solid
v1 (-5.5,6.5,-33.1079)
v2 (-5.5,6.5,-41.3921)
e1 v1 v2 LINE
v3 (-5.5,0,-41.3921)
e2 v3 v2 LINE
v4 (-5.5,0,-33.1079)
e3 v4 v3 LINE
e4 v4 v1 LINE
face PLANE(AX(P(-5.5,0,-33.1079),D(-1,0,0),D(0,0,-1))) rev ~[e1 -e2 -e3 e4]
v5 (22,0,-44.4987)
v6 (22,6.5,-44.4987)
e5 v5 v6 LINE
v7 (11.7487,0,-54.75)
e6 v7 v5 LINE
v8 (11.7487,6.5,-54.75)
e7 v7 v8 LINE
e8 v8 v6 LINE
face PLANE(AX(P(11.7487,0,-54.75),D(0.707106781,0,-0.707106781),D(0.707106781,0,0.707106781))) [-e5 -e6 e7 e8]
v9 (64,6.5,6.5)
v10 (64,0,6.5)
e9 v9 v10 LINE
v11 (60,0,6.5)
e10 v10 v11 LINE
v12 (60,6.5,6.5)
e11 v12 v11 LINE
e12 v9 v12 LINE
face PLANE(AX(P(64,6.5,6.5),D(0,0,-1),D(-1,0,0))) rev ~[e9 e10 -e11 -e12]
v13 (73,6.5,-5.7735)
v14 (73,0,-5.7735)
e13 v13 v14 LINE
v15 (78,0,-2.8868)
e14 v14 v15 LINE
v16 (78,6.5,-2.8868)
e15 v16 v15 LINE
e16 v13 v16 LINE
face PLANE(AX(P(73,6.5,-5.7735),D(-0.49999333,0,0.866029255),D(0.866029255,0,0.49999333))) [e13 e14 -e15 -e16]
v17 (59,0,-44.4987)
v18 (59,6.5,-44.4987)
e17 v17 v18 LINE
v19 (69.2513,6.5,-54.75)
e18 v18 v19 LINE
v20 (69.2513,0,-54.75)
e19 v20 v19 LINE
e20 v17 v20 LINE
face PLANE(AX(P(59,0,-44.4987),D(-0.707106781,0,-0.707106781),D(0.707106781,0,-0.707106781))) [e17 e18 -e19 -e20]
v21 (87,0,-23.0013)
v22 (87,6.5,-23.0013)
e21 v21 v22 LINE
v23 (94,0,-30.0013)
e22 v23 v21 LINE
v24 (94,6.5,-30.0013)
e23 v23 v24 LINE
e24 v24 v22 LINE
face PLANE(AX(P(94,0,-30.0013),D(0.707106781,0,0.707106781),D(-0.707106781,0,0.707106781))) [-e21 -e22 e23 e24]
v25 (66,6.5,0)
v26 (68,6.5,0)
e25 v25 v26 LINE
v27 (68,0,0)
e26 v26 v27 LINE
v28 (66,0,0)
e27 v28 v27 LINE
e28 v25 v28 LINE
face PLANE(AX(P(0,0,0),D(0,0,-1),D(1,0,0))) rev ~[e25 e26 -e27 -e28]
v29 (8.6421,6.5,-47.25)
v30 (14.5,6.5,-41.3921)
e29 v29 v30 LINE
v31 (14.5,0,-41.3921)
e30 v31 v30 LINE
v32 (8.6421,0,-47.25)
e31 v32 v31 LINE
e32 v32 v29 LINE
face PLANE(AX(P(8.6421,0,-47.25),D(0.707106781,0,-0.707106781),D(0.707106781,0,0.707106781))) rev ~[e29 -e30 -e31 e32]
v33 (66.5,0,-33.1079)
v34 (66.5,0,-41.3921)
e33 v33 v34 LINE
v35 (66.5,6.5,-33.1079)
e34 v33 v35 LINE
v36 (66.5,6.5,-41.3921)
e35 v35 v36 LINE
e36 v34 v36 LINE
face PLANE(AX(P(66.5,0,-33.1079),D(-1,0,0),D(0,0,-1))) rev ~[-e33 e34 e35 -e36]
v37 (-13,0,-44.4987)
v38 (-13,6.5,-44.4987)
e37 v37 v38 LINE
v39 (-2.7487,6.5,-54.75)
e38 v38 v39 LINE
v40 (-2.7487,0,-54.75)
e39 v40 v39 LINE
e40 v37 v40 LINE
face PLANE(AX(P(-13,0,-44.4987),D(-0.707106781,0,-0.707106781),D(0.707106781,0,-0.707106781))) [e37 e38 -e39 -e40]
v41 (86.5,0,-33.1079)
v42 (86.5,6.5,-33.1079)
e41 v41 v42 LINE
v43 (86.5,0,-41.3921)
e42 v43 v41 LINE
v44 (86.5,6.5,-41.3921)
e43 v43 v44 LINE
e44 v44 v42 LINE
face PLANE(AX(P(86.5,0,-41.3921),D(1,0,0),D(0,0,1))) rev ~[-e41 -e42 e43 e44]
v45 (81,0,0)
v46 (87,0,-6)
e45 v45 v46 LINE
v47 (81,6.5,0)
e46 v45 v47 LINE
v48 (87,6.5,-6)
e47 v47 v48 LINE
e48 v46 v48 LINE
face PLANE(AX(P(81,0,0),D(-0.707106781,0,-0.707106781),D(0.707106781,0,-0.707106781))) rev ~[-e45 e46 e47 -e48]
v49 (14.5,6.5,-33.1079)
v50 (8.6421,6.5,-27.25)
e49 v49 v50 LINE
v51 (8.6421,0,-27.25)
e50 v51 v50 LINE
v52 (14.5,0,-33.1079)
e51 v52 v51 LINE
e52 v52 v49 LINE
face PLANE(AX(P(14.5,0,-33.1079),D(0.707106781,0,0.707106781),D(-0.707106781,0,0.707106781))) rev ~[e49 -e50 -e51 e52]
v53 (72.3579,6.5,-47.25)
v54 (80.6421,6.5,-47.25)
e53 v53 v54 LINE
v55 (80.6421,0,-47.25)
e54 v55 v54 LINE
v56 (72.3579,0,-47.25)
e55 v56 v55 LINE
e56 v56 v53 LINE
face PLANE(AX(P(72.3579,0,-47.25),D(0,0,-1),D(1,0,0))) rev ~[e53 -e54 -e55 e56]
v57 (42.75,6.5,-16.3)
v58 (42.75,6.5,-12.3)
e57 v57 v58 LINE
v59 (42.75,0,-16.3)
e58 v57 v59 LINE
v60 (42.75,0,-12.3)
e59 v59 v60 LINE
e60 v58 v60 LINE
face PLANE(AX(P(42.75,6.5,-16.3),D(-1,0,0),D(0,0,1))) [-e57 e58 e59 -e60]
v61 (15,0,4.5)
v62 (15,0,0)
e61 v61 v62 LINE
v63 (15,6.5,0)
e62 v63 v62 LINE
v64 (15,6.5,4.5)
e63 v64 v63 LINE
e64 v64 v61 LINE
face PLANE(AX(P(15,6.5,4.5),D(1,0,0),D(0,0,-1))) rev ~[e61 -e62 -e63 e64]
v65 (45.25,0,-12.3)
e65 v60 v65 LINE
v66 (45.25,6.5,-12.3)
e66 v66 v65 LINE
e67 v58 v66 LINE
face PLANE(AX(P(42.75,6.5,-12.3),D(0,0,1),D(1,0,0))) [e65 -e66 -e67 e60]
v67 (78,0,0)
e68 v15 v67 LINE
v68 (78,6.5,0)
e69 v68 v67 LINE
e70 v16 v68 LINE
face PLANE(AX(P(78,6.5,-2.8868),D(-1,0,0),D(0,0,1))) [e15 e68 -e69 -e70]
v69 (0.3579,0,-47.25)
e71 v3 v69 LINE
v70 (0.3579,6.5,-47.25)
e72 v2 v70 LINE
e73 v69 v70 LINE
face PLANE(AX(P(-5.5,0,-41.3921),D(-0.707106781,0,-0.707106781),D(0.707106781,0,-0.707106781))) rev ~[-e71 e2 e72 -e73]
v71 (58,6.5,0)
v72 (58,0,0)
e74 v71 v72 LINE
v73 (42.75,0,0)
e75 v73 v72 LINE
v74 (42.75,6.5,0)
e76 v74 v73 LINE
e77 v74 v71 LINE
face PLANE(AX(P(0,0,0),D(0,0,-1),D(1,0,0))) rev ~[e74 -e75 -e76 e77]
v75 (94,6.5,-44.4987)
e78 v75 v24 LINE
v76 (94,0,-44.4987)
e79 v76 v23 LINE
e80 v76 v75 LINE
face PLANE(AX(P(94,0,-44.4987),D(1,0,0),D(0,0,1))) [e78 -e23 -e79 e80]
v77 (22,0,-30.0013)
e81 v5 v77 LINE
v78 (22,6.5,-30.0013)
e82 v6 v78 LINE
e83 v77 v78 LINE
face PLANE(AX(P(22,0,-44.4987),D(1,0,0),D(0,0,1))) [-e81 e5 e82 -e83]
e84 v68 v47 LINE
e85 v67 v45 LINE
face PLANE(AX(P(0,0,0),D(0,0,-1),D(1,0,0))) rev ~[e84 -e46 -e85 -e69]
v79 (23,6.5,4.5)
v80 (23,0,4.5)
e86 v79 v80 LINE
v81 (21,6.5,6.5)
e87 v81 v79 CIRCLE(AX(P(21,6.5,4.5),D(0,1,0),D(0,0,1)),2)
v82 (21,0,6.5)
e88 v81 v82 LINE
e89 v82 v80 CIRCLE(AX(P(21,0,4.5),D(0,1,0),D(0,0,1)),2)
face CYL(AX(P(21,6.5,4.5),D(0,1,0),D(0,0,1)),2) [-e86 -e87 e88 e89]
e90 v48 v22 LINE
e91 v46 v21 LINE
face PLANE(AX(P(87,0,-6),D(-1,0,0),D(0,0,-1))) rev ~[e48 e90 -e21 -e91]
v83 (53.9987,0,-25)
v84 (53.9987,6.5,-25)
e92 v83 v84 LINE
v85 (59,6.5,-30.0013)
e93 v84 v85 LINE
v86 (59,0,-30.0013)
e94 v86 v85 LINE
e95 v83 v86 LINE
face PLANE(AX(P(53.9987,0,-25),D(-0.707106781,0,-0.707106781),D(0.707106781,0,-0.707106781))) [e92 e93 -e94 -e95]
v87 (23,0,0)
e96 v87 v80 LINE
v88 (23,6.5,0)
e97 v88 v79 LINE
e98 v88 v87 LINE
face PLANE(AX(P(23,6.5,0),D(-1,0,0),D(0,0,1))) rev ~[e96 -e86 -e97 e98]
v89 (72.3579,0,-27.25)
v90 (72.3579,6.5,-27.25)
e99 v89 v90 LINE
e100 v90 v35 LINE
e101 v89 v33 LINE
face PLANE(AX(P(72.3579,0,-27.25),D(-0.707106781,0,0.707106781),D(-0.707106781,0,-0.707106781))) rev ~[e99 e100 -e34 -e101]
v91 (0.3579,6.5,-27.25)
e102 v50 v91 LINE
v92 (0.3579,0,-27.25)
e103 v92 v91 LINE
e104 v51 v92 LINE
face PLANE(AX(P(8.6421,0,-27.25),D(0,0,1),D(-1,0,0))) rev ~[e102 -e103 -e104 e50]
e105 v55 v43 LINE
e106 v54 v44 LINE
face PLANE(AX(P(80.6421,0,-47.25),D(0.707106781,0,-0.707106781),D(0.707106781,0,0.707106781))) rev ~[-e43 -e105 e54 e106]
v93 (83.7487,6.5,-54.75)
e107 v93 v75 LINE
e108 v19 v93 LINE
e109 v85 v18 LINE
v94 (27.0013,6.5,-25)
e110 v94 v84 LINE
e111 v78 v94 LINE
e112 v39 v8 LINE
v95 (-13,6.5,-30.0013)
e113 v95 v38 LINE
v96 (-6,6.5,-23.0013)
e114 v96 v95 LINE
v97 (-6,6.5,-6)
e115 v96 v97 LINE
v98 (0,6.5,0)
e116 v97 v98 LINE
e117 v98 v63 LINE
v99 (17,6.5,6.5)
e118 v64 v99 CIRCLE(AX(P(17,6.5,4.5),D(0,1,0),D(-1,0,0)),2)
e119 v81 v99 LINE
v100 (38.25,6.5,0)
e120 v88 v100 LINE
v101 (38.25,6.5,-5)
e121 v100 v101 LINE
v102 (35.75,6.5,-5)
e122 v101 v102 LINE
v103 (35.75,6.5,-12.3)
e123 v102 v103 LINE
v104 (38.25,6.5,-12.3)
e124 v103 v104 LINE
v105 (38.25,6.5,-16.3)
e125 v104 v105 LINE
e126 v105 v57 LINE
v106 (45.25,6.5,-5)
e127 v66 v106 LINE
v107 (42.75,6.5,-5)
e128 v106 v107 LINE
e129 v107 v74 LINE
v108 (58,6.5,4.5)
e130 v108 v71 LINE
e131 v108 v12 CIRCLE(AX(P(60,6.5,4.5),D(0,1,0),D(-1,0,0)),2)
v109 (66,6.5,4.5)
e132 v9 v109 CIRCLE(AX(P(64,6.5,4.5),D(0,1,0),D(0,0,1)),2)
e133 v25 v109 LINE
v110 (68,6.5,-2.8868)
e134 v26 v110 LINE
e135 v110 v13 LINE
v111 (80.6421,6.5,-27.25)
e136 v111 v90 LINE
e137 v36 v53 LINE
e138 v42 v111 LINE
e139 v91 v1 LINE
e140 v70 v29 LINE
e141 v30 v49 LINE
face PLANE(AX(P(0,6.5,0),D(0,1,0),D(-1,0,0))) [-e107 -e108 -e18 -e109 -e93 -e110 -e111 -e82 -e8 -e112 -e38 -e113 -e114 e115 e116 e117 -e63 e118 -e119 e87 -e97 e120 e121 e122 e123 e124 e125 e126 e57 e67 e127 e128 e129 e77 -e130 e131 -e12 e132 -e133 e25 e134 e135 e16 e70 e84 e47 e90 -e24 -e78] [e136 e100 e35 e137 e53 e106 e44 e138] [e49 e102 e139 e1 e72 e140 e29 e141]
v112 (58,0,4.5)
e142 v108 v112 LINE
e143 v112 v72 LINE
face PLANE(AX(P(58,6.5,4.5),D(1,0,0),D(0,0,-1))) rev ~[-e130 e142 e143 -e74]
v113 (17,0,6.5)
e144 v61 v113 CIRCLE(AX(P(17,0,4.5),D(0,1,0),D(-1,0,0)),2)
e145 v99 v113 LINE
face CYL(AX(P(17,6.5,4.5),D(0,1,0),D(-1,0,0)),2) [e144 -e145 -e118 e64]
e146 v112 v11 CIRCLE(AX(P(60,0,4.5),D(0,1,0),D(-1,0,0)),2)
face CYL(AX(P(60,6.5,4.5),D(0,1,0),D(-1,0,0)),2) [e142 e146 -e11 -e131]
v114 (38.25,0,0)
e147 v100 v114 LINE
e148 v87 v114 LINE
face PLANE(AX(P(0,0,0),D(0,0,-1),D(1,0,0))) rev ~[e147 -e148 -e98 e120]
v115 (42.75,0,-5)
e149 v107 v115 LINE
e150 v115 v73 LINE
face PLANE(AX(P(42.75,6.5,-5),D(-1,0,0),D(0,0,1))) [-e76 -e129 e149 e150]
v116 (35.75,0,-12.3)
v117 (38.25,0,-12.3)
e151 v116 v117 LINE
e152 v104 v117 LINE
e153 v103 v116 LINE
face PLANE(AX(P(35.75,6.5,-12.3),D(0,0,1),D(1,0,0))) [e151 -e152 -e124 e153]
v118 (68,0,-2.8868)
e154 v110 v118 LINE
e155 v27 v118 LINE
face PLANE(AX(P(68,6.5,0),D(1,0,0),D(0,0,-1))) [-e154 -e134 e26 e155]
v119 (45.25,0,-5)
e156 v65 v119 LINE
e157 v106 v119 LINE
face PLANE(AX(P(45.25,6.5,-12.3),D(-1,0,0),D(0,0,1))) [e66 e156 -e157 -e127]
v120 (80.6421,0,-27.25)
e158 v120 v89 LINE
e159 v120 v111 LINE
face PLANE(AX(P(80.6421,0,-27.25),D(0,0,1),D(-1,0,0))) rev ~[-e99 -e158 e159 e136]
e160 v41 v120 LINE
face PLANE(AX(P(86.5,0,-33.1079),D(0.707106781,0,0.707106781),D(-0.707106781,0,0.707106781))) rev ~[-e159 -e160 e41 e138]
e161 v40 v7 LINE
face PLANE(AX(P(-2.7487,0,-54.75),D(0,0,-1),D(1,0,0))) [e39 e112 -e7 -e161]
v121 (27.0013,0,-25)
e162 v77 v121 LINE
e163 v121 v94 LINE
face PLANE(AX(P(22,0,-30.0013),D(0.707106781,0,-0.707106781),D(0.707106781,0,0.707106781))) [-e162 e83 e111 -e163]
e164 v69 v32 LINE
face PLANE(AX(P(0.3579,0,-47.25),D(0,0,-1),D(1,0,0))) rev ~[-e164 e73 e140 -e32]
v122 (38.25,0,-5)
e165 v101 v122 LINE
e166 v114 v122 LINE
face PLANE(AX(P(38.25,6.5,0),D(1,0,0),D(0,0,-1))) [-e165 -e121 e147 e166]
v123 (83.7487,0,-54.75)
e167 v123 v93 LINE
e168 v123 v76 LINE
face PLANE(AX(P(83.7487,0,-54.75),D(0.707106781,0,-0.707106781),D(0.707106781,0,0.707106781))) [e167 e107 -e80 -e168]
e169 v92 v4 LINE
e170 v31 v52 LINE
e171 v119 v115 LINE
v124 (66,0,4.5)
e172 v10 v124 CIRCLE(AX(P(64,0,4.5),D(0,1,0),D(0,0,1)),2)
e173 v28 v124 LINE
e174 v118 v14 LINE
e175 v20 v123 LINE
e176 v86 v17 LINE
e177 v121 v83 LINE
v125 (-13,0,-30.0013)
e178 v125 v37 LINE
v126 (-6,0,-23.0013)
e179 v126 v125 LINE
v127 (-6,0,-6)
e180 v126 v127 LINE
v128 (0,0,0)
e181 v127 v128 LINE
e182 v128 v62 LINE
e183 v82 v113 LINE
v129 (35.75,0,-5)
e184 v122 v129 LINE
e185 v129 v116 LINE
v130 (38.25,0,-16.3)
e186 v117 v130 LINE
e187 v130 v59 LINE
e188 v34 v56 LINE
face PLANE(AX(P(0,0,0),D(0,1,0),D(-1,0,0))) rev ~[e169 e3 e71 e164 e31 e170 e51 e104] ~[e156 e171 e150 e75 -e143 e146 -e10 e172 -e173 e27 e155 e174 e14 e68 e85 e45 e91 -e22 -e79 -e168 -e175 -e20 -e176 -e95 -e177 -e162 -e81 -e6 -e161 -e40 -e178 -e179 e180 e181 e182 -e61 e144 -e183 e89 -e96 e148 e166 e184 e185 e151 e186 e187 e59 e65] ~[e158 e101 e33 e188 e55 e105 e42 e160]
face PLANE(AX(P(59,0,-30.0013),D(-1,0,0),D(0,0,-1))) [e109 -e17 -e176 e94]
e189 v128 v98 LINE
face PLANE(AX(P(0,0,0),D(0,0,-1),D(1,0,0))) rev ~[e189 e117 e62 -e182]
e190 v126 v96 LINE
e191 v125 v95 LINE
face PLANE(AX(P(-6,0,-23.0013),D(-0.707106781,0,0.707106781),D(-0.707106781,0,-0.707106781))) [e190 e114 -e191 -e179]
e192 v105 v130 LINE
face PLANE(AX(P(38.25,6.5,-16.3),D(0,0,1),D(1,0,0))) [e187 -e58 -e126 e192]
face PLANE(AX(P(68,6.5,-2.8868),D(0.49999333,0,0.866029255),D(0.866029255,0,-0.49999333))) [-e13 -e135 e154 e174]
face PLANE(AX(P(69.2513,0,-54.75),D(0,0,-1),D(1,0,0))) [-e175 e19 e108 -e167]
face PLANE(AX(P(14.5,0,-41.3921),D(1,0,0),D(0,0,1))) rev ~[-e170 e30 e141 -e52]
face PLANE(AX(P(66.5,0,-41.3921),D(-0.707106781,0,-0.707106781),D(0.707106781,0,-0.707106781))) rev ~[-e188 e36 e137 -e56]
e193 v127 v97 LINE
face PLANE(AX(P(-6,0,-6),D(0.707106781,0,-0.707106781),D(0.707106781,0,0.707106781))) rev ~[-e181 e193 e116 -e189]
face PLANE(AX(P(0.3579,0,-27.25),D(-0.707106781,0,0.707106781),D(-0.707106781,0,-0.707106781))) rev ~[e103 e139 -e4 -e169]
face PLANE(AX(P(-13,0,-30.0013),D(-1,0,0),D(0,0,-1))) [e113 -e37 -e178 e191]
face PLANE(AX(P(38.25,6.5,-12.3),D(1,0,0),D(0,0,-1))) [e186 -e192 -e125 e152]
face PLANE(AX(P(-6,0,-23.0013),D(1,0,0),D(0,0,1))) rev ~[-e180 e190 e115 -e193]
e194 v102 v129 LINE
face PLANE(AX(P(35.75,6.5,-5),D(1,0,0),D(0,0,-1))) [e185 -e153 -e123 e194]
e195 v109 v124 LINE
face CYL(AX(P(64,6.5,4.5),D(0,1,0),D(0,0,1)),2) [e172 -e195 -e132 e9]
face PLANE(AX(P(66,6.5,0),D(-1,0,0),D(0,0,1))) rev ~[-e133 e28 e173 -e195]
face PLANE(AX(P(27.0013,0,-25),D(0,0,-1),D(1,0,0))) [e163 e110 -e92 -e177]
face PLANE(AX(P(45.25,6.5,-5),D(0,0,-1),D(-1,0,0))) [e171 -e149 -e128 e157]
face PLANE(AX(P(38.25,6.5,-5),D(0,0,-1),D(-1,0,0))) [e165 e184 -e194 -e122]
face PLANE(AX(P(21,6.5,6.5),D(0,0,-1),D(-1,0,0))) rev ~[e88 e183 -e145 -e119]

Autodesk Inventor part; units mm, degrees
ref_plane "YZ Plane" through (0, 0, 0) normal (1, 0, 0) x (0, 1, 0)
ref_plane "XZ Plane" through (0, 0, 0) normal (0, 1, 0) x (-1, 0, 0)
ref_plane "XY Plane" through (0, 0, 0) normal (0, 0, 1) x (1, 0, 0)
sketch "Sketch1" plane through (0, 0, 0) normal (0, 1, 0) x (-1, 0, 0)
  line L0 (0, 0) -> (-81, 0)
  line L1 (6, -23.0013) -> (13, -30.0013)
  line L2 (13, -30.0013) -> (13, -44.4987)
  line L3 (13, -44.4987) -> (2.7487, -54.75)
  line L4 (2.7487, -54.75) -> (-11.7487, -54.75)
  line L5 (-11.7487, -54.75) -> (-22, -44.4987)
  line L6 (-22, -44.4987) -> (-22, -30.0013)
  line L7 (-59, -30.0013) -> (-59, -44.4987)
  line L8 (-59, -44.4987) -> (-69.2513, -54.75)
  line L9 (-69.2513, -54.75) -> (-83.7487, -54.75)
  line L10 (-83.7487, -54.75) -> (-94, -44.4987)
  line L11 (-94, -44.4987) -> (-94, -30.0013)
  line L12 (-94, -30.0013) -> (-87, -23.0013)
  line L13 (-4.5, -37.25) -> (-76.5, -37.25) construction
  line L14 (-8.6421, -27.25) -> (-0.3579, -27.25)
  line L15 (-0.3579, -27.25) -> (5.5, -33.1079)
  line L16 (5.5, -33.1079) -> (5.5, -41.3921)
  line L17 (5.5, -41.3921) -> (-0.3579, -47.25)
  line L18 (-0.3579, -47.25) -> (-8.6421, -47.25)
  line L19 (-8.6421, -47.25) -> (-14.5, -41.3921)
  line L20 (-14.5, -41.3921) -> (-14.5, -33.1079)
  line L21 (-14.5, -33.1079) -> (-8.6421, -27.25)
  line L22 (-80.6421, -27.25) -> (-72.3579, -27.25)
  line L23 (-72.3579, -27.25) -> (-66.5, -33.1079)
  line L24 (-66.5, -33.1079) -> (-66.5, -41.3921)
  line L25 (-66.5, -41.3921) -> (-72.3579, -47.25)
  line L26 (-72.3579, -47.25) -> (-80.6421, -47.25)
  line L27 (-80.6421, -47.25) -> (-86.5, -41.3921)
  line L28 (-86.5, -41.3921) -> (-86.5, -33.1079)
  line L29 (-86.5, -33.1079) -> (-80.6421, -27.25)
  line L30 (6, -23.0013) -> (6, -6)
  line L31 (6, -6) -> (0, 0)
  line L32 (-81, 0) -> (-87, -6)
  line L33 (-87, -6) -> (-87, -23.0013)
  line L34 (-22, -30.0013) -> (-27.0013, -25)
  line L35 (-27.0013, -25) -> (-53.9987, -25)
  line L36 (-53.9987, -25) -> (-59, -30.0013)
  point P0 (-40.5, -37.25)
  point P1 (-40.5, 0)
  dimension "d0" = 81
  dimension "d1" = 37.25
  dimension "d2" = 72
  dimension "d3" = 20
  dimension "d4" = 20
  dimension "d5" = 45
  dimension "d6" = 6
  dimension "d7" = 35
  dimension "d8" = 35
  dimension "d17" = 7
  dimension "d20" = 45
  dimension "d21" = 25
extrude "Extrusion1" add sketch "Sketch1" along normal blind 6.5
sketch "Sketch2" plane through (0, 6.5, 0) normal (0, 1, 0) x (1, 0, 0)
  line L0 (0, 0) -> (81, 0) projected
  line L1 (38.25, 16.3) -> (42.75, 16.3)
  line L2 (42.75, 0) -> (38.25, 0)
  line L3 (45.25, 12.3) -> (45.25, 5)
  line L4 (35.75, 5) -> (35.75, 12.3)
  line L5 (38.25, 0) -> (38.25, 5)
  line L6 (38.25, 12.3) -> (38.25, 16.3)
  line L7 (42.75, 16.3) -> (42.75, 12.3)
  line L8 (42.75, 5) -> (42.75, 0)
  line L9 (35.75, 12.3) -> (38.25, 12.3)
  line L10 (42.75, 12.3) -> (45.25, 12.3)
  line L11 (45.25, 5) -> (42.75, 5)
  line L12 (38.25, 5) -> (35.75, 5)
  point P0 (40.5, 0)
  dimension "d24" = 4.5
  dimension "d25" = 4
  dimension "d26" = 5
  dimension "d27" = 7.3
  dimension "d28" = 2.5
extrude "Extrusion2" cut sketch "Sketch2" against normal through all
sketch "Sketch3" plane through (0, 6.5, 0) normal (0, 1, 0) x (1, 0, 0)
  line L0 (42.75, 0) -> (81, 0) projected
  line L1 (0, 0) -> (38.25, 0) projected
  line L2 (38.25, 16.3) -> (42.75, 16.3) projected
  line L3 (15, 0) -> (23, 0)
  line L4 (23, 0) -> (23, -4.5)
  line L5 (21, -6.5) -> (17, -6.5)
  line L6 (15, -4.5) -> (15, 0)
  line L7 (58, 0) -> (66, 0)
  line L8 (66, 0) -> (66, -4.5)
  line L9 (64, -6.5) -> (60, -6.5)
  line L10 (58, -4.5) -> (58, 0)
  arc A0 (15, -4.5) -> (17, -6.5) centre (17, -4.5) ccw
  arc A1 (21, -6.5) -> (23, -4.5) centre (21, -4.5) ccw
  arc A2 (58, -4.5) -> (60, -6.5) centre (60, -4.5) ccw
  arc A3 (64, -6.5) -> (66, -4.5) centre (64, -4.5) ccw
  point P0 (40.5, 16.3)
  dimension "d31" = 2
  dimension "d32" = 8
  dimension "d33" = 8
  dimension "d34" = 6.5
  dimension "d35" = 35
  dimension "d36" = 17.5
extrude "Extrusion3" add sketch "Sketch3" against normal blind 6.5
sketch "Sketch4" plane through (0, 6.5, 0) normal (0, 1, 0) x (1, 0, 0)
  line L0 (66, -4.5) -> (66, 0) projected
  line L1 (66, 0) -> (81, 0) projected
  line L2 (73, 5.7735) -> (78, 2.8868)
  line L3 (78, 2.8868) -> (78, 0)
  line L4 (68, 0) -> (68, 2.8868)
  line L5 (68, 2.8868) -> (73, 5.7735)
  line L6 (78, 0) -> (68, 0)
  point P0 (73, 0)
  dimension "d39" = 10
  dimension "d40" = 2
extrude "Extrusion4" cut sketch "Sketch4" against normal through all
equation "\"d33\" = d32"
equation "\"d36\" = 0.5 * d35"
properties part number "filament_guide" material "Plywood, Finish"
